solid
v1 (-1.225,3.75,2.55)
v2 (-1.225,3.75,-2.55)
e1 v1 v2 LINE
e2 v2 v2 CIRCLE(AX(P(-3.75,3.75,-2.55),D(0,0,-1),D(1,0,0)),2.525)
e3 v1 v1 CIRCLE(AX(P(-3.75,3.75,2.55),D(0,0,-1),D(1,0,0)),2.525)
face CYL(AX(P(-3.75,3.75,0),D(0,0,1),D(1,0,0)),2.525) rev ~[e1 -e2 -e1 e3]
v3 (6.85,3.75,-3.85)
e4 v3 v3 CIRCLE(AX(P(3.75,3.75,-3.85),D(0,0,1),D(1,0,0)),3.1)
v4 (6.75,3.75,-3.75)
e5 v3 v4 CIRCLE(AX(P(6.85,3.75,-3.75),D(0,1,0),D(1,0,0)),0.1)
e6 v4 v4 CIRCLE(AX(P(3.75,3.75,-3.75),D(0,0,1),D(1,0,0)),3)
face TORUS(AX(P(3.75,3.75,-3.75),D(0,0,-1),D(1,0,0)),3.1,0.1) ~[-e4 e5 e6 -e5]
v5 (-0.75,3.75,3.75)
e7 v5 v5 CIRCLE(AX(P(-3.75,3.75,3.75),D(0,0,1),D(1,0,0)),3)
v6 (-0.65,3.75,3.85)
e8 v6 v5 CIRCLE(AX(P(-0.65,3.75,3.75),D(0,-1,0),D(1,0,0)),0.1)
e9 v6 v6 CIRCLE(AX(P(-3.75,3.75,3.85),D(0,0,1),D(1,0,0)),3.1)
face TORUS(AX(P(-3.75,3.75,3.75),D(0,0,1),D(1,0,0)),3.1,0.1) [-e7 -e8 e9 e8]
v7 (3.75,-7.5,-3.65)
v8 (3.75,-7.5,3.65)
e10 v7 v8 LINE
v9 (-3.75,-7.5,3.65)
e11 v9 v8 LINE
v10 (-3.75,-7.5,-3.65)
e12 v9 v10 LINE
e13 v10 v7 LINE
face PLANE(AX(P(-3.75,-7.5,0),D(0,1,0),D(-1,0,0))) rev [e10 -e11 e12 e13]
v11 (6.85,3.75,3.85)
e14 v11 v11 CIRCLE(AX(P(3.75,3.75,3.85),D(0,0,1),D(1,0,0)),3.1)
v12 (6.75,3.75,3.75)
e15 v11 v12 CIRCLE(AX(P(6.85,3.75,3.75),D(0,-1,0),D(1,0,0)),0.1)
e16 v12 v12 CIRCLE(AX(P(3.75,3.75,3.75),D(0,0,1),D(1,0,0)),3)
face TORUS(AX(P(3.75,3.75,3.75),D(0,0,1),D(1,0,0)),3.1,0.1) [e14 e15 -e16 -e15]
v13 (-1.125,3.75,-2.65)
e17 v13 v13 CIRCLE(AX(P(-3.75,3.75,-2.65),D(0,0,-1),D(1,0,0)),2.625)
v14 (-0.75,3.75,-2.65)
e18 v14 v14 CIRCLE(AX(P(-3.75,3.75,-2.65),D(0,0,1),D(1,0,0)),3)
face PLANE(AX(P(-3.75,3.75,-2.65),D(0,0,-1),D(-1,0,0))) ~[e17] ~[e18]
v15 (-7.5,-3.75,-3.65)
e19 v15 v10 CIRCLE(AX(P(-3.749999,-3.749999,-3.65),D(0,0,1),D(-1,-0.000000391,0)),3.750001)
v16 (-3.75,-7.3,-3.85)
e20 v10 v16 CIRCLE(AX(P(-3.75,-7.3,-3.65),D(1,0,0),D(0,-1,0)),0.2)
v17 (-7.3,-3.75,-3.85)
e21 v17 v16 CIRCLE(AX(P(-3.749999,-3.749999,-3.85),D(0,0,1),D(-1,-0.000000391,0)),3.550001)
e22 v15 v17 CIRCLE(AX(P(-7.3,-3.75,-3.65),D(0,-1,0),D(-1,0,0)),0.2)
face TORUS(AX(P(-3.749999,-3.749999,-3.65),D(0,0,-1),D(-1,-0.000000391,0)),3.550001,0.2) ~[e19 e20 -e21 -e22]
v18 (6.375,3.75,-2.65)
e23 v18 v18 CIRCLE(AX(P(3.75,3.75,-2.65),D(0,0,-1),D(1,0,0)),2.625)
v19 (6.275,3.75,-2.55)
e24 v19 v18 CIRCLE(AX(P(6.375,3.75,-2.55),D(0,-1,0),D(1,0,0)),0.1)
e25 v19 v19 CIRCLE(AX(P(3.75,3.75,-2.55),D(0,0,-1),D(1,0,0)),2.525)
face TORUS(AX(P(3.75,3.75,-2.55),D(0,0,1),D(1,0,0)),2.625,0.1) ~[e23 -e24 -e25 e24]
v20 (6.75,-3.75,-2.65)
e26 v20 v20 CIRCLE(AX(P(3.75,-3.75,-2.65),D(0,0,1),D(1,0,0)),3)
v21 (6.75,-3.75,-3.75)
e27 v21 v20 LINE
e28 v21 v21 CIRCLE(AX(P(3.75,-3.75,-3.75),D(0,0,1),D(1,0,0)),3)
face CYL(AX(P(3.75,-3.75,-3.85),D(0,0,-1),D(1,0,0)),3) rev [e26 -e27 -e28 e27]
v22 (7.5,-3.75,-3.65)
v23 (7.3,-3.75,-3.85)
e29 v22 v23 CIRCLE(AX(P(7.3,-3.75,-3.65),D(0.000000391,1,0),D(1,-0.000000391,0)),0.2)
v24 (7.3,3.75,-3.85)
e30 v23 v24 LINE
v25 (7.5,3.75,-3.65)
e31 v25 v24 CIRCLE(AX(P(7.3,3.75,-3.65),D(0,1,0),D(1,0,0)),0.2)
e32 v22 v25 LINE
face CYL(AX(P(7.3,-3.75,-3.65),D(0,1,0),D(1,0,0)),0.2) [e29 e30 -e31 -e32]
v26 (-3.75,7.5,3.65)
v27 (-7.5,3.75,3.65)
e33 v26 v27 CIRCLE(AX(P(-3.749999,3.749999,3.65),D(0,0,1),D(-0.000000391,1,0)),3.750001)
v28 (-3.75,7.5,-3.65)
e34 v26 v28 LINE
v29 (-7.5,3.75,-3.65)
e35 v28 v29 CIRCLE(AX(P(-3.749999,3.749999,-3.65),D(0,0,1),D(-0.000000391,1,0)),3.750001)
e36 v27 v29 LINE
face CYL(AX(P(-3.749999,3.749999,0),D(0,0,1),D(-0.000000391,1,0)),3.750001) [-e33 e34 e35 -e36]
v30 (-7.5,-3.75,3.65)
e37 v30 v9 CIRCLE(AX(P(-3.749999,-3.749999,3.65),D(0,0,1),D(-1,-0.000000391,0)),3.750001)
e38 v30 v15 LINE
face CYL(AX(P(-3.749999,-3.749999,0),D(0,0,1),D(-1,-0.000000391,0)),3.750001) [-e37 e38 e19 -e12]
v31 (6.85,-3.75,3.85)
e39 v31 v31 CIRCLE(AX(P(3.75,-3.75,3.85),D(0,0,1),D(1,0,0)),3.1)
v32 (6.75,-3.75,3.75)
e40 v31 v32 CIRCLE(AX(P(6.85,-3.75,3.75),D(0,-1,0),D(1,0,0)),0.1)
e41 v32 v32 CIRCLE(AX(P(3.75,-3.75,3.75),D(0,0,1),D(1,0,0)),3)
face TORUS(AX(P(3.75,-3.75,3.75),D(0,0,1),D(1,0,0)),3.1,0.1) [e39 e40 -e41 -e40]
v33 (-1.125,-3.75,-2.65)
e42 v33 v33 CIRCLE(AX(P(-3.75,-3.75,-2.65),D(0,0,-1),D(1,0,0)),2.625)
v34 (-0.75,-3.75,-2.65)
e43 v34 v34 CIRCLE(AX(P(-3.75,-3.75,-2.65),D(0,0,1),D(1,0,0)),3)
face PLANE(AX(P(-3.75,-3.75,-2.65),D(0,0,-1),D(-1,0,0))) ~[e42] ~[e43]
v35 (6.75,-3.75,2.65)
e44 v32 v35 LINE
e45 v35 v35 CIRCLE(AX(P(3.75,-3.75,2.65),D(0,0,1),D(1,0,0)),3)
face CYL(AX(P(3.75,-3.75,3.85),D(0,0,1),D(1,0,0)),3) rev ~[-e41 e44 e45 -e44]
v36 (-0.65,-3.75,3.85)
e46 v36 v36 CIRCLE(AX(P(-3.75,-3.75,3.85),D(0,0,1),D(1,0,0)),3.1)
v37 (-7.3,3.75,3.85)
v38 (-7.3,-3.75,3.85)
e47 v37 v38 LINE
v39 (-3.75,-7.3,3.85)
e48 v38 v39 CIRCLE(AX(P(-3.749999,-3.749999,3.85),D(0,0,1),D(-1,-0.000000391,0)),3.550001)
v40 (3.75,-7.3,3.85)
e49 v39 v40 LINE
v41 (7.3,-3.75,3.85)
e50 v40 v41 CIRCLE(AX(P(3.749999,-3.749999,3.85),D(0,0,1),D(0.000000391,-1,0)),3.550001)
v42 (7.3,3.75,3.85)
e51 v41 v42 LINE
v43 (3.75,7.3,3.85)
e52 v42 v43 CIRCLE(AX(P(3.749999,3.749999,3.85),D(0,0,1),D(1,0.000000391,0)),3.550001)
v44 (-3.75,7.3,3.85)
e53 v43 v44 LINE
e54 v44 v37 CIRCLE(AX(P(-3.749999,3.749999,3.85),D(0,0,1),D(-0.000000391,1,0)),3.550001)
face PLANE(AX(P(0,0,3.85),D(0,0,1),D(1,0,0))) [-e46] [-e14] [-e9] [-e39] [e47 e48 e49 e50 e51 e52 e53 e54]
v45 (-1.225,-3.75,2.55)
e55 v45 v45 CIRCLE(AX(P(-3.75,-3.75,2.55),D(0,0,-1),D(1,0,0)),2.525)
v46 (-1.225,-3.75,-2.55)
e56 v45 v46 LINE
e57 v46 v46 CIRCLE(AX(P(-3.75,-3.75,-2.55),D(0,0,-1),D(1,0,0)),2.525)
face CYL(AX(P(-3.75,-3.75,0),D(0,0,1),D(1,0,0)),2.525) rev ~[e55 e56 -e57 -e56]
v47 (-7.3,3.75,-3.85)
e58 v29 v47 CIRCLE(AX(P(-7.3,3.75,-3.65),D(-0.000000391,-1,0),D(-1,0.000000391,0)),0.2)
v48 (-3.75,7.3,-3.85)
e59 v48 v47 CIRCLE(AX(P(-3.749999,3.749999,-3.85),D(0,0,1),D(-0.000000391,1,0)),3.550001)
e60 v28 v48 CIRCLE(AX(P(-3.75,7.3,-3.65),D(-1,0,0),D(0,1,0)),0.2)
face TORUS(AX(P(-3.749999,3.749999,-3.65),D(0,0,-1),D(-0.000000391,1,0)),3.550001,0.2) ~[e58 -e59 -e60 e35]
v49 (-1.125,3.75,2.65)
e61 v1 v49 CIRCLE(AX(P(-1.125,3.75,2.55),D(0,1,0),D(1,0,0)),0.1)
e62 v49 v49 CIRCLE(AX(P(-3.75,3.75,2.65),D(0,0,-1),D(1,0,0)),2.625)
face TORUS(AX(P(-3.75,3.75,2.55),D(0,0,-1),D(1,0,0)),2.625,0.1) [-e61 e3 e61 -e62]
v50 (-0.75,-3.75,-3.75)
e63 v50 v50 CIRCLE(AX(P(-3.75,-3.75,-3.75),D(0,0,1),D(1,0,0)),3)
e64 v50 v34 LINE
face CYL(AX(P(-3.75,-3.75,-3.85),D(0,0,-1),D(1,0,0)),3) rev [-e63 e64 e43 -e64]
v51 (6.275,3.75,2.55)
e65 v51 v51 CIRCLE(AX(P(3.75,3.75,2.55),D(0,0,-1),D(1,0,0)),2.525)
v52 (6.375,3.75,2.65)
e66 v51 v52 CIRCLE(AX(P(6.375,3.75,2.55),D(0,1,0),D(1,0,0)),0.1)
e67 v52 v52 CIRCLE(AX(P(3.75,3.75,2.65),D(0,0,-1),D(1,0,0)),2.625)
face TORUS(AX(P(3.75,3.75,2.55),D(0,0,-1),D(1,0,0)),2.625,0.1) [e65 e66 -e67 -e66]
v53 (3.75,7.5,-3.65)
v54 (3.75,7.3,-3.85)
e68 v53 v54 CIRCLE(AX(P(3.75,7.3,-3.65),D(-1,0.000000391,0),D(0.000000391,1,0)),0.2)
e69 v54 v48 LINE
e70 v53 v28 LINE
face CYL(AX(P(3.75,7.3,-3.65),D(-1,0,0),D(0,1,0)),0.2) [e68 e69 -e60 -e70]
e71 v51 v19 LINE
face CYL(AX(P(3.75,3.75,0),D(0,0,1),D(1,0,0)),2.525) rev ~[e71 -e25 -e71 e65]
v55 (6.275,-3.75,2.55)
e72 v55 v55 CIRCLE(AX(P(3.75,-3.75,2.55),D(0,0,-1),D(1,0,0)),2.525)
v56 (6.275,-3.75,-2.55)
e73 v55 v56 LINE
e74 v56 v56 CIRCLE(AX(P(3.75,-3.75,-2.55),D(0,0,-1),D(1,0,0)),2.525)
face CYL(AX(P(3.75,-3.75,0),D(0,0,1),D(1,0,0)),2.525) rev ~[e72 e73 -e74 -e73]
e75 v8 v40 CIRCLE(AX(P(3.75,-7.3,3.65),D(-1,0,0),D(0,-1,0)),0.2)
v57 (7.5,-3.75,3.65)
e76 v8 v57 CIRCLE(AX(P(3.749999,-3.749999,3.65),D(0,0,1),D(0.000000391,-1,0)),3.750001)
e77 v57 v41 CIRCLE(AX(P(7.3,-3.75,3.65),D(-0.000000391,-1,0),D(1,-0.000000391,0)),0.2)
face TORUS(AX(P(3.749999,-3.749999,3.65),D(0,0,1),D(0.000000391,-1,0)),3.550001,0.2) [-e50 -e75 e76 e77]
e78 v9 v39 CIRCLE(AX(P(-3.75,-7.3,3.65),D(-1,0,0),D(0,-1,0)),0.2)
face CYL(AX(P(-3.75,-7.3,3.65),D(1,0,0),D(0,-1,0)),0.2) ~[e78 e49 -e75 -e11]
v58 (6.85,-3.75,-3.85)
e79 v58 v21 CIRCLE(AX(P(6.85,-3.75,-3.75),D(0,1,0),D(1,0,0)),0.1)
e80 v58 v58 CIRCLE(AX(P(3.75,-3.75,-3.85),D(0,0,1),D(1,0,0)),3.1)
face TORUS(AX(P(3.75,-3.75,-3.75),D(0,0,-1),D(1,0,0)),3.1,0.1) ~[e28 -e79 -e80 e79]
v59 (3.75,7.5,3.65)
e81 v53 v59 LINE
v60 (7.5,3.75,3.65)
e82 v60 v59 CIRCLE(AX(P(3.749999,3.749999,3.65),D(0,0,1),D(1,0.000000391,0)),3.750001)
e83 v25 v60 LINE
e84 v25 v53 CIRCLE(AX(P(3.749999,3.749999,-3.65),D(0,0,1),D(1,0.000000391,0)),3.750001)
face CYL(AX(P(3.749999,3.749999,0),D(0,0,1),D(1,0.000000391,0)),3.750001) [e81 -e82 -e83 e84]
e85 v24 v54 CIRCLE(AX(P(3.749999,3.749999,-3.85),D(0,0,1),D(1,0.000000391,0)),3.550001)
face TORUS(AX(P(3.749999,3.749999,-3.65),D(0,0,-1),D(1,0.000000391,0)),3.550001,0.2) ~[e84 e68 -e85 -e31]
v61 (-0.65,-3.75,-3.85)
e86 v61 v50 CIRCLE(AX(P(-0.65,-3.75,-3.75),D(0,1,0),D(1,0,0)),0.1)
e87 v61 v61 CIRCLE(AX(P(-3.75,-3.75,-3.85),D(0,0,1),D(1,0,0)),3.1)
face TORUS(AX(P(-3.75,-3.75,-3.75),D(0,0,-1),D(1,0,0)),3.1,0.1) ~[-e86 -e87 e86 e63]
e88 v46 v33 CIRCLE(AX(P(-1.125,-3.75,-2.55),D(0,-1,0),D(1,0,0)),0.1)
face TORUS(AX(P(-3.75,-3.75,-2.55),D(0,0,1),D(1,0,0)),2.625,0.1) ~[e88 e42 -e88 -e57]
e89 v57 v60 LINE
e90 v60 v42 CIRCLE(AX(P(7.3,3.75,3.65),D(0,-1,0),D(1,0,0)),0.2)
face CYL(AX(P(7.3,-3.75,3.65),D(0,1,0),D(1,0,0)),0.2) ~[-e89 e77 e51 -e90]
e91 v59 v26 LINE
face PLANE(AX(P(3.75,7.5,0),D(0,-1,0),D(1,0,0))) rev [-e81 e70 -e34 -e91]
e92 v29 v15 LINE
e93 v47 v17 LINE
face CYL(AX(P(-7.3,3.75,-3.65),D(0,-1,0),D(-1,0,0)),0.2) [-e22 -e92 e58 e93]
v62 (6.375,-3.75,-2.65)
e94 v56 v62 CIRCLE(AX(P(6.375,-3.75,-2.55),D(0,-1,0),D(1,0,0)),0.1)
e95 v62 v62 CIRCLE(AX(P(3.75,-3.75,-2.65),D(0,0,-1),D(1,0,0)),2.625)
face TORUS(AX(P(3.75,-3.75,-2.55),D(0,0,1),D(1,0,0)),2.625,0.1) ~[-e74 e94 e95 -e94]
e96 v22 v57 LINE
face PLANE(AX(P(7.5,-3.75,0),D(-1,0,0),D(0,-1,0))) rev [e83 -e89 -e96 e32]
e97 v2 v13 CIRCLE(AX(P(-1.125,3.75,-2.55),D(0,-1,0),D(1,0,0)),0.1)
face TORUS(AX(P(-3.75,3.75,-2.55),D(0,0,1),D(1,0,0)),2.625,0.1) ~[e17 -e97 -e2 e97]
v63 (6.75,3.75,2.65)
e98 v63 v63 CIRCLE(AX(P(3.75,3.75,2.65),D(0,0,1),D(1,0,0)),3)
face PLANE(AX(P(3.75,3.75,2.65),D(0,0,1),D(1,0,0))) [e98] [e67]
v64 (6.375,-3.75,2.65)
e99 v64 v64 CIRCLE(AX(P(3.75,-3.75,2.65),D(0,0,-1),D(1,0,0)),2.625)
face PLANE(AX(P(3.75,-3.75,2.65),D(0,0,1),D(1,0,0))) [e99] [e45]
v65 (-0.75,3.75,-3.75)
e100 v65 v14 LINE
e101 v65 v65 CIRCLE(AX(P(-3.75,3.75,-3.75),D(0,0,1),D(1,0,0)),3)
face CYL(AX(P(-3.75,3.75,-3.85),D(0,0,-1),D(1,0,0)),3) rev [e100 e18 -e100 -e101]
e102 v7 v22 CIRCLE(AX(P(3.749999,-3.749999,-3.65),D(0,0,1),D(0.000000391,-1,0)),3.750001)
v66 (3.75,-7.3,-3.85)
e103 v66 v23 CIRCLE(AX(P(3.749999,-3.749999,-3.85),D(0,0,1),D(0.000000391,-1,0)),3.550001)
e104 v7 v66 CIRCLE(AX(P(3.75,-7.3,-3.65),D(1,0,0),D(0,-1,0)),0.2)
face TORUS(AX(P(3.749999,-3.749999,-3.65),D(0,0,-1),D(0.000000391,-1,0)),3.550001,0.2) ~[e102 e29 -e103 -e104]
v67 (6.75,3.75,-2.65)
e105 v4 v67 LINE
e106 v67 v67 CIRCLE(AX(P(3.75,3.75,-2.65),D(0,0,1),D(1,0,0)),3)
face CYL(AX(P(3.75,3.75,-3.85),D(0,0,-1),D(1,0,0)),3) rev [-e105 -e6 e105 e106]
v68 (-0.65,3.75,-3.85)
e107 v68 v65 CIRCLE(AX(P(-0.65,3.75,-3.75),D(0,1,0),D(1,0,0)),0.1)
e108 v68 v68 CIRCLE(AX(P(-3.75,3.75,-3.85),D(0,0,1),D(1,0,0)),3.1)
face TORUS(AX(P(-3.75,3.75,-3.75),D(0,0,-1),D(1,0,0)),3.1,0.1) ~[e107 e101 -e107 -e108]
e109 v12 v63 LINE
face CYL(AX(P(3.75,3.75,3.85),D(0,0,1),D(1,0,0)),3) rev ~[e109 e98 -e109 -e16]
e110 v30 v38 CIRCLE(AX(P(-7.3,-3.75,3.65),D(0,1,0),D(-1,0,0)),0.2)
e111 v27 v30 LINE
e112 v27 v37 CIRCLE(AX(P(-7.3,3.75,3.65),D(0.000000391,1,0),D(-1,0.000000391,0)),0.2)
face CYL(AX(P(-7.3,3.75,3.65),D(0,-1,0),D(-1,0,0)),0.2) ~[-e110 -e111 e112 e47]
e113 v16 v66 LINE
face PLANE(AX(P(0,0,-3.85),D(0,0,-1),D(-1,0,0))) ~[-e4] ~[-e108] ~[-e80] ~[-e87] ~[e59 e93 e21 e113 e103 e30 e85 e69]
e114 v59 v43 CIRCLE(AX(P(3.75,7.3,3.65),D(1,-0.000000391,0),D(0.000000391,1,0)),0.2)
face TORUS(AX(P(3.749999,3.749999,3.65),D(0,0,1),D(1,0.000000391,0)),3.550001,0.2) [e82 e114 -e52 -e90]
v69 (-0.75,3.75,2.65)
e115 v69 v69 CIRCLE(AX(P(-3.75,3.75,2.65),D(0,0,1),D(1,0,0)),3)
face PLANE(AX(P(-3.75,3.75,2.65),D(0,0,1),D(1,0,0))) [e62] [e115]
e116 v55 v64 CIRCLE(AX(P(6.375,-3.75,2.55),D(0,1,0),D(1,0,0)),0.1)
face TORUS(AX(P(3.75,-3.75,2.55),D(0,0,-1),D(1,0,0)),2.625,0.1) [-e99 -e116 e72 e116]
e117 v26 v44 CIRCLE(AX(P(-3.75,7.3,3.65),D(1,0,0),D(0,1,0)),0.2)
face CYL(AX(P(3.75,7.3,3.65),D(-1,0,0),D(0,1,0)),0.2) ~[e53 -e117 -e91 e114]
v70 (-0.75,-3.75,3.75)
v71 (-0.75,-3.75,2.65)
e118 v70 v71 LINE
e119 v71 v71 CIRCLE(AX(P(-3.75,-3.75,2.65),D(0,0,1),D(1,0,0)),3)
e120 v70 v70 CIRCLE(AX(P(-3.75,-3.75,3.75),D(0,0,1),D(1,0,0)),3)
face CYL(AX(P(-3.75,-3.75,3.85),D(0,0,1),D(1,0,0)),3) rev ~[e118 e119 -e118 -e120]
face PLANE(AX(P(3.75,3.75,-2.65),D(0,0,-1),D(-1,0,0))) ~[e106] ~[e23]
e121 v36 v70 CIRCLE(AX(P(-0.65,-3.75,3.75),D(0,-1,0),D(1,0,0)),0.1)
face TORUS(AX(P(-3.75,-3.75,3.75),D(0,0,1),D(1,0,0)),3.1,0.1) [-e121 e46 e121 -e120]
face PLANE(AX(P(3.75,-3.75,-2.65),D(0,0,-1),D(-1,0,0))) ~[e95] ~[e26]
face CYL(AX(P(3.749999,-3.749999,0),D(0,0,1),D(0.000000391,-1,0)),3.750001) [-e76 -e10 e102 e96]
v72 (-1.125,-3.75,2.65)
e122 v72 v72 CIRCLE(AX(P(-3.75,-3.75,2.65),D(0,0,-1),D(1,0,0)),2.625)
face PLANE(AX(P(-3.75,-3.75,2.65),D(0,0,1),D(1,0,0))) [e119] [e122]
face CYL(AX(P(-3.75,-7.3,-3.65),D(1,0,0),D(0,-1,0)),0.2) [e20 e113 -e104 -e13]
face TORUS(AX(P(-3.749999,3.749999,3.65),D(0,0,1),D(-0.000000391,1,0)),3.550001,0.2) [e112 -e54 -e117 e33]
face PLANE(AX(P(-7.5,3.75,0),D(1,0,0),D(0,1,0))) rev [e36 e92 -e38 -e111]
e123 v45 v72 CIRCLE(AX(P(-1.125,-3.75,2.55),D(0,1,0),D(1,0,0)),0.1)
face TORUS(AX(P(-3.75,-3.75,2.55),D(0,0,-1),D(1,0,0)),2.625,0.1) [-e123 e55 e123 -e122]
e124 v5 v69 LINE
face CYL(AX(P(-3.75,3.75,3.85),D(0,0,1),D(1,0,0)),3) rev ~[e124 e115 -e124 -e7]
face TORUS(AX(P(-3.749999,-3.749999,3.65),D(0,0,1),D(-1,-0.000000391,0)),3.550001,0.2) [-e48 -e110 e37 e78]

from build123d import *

# Parameters (mm, degrees)
F0_R     = 2.525
F1_DEPTH = 3.85
F2_R     = 0.2
F3_R     = 3
F4_DEPTH = 1.2
F5_R     = 0.1


with BuildPart() as f1:
    # F0 (on Top) → F1 (new body)
    with BuildSketch(Plane.XY):
        with BuildLine():
            Line((-3.75, -7.5), (3.75, -7.5))
            ThreePointArc((3.75, -7.5), (6.40165, -6.40165), (7.5, -3.75))
            Line((7.5, -3.75), (7.5, 3.75))
            ThreePointArc((7.5, 3.75), (6.40165, 6.40165), (3.75, 7.5))
            Line((3.75, 7.5), (-3.75, 7.5))
            ThreePointArc((-3.75, 7.5), (-6.40165, 6.40165), (-7.5, 3.75))
            Line((-7.5, 3.75), (-7.5, -3.75))
            ThreePointArc((-7.5, -3.75), (-6.40165, -6.40165), (-3.75, -7.5))
        make_face()
        with Locations((-3.75, -3.75)):
            Circle(F0_R, mode=Mode.SUBTRACT)
        with Locations((3.75, -3.75)):
            Circle(F0_R, mode=Mode.SUBTRACT)
        with Locations((-3.75, 3.75)):
            Circle(F0_R, mode=Mode.SUBTRACT)
        with Locations((3.75, 3.75)):
            Circle(F0_R, mode=Mode.SUBTRACT)
    extrude(amount=F1_DEPTH)

    # F2
    f2_edges = [f1.edges().sort_by_distance(p)[0] for p in [
        (0, -7.5, 3.85),
        (6.40165, -6.40165, 3.85),
        (7.5, 0, 3.85),
        (6.40165, 6.40165, 3.85),
        (0, 7.5, 3.85),
        (-6.40165, 6.40165, 3.85),
        (-7.5, 0, 3.85),
        (-6.40165, -6.40165, 3.85),
        (-6.275, -3.75, 3.85),
        (1.225, -3.75, 3.85),
        (-6.275, 3.75, 3.85),
        (1.225, 3.75, 3.85),
    ]]
    fillet(f2_edges, radius=F2_R)

    # F3 (on face) → F4 (cut)
    with BuildSketch(Plane.XY.offset(3.85)):
        with Locations((-3.75, 3.75)):
            Circle(F3_R)
        with Locations((3.75, 3.75)):
            Circle(F3_R)
        with Locations((3.75, -3.75)):
            Circle(F3_R)
        with Locations((-3.75, -3.75)):
            Circle(F3_R)
    extrude(amount=-F4_DEPTH, mode=Mode.SUBTRACT)

    # F5
    f5_edges = [f1.edges().sort_by_distance(p)[0] for p in [
        (-6.75, -3.75, 3.85),
        (-6.275, -3.75, 2.65),
        (-6.75, 3.75, 3.85),
        (-6.275, 3.75, 2.65),
        (0.75, 3.75, 3.85),
        (1.225, 3.75, 2.65),
        (1.225, -3.75, 2.65),
        (0.75, -3.75, 3.85),
    ]]
    fillet(f5_edges, radius=F5_R)

    # F6: F1 across plane


with BuildPart() as f1_1:
    add(f1.part)
    add(f1.part.mirror(Plane.XY))


solid = f1_1.part
